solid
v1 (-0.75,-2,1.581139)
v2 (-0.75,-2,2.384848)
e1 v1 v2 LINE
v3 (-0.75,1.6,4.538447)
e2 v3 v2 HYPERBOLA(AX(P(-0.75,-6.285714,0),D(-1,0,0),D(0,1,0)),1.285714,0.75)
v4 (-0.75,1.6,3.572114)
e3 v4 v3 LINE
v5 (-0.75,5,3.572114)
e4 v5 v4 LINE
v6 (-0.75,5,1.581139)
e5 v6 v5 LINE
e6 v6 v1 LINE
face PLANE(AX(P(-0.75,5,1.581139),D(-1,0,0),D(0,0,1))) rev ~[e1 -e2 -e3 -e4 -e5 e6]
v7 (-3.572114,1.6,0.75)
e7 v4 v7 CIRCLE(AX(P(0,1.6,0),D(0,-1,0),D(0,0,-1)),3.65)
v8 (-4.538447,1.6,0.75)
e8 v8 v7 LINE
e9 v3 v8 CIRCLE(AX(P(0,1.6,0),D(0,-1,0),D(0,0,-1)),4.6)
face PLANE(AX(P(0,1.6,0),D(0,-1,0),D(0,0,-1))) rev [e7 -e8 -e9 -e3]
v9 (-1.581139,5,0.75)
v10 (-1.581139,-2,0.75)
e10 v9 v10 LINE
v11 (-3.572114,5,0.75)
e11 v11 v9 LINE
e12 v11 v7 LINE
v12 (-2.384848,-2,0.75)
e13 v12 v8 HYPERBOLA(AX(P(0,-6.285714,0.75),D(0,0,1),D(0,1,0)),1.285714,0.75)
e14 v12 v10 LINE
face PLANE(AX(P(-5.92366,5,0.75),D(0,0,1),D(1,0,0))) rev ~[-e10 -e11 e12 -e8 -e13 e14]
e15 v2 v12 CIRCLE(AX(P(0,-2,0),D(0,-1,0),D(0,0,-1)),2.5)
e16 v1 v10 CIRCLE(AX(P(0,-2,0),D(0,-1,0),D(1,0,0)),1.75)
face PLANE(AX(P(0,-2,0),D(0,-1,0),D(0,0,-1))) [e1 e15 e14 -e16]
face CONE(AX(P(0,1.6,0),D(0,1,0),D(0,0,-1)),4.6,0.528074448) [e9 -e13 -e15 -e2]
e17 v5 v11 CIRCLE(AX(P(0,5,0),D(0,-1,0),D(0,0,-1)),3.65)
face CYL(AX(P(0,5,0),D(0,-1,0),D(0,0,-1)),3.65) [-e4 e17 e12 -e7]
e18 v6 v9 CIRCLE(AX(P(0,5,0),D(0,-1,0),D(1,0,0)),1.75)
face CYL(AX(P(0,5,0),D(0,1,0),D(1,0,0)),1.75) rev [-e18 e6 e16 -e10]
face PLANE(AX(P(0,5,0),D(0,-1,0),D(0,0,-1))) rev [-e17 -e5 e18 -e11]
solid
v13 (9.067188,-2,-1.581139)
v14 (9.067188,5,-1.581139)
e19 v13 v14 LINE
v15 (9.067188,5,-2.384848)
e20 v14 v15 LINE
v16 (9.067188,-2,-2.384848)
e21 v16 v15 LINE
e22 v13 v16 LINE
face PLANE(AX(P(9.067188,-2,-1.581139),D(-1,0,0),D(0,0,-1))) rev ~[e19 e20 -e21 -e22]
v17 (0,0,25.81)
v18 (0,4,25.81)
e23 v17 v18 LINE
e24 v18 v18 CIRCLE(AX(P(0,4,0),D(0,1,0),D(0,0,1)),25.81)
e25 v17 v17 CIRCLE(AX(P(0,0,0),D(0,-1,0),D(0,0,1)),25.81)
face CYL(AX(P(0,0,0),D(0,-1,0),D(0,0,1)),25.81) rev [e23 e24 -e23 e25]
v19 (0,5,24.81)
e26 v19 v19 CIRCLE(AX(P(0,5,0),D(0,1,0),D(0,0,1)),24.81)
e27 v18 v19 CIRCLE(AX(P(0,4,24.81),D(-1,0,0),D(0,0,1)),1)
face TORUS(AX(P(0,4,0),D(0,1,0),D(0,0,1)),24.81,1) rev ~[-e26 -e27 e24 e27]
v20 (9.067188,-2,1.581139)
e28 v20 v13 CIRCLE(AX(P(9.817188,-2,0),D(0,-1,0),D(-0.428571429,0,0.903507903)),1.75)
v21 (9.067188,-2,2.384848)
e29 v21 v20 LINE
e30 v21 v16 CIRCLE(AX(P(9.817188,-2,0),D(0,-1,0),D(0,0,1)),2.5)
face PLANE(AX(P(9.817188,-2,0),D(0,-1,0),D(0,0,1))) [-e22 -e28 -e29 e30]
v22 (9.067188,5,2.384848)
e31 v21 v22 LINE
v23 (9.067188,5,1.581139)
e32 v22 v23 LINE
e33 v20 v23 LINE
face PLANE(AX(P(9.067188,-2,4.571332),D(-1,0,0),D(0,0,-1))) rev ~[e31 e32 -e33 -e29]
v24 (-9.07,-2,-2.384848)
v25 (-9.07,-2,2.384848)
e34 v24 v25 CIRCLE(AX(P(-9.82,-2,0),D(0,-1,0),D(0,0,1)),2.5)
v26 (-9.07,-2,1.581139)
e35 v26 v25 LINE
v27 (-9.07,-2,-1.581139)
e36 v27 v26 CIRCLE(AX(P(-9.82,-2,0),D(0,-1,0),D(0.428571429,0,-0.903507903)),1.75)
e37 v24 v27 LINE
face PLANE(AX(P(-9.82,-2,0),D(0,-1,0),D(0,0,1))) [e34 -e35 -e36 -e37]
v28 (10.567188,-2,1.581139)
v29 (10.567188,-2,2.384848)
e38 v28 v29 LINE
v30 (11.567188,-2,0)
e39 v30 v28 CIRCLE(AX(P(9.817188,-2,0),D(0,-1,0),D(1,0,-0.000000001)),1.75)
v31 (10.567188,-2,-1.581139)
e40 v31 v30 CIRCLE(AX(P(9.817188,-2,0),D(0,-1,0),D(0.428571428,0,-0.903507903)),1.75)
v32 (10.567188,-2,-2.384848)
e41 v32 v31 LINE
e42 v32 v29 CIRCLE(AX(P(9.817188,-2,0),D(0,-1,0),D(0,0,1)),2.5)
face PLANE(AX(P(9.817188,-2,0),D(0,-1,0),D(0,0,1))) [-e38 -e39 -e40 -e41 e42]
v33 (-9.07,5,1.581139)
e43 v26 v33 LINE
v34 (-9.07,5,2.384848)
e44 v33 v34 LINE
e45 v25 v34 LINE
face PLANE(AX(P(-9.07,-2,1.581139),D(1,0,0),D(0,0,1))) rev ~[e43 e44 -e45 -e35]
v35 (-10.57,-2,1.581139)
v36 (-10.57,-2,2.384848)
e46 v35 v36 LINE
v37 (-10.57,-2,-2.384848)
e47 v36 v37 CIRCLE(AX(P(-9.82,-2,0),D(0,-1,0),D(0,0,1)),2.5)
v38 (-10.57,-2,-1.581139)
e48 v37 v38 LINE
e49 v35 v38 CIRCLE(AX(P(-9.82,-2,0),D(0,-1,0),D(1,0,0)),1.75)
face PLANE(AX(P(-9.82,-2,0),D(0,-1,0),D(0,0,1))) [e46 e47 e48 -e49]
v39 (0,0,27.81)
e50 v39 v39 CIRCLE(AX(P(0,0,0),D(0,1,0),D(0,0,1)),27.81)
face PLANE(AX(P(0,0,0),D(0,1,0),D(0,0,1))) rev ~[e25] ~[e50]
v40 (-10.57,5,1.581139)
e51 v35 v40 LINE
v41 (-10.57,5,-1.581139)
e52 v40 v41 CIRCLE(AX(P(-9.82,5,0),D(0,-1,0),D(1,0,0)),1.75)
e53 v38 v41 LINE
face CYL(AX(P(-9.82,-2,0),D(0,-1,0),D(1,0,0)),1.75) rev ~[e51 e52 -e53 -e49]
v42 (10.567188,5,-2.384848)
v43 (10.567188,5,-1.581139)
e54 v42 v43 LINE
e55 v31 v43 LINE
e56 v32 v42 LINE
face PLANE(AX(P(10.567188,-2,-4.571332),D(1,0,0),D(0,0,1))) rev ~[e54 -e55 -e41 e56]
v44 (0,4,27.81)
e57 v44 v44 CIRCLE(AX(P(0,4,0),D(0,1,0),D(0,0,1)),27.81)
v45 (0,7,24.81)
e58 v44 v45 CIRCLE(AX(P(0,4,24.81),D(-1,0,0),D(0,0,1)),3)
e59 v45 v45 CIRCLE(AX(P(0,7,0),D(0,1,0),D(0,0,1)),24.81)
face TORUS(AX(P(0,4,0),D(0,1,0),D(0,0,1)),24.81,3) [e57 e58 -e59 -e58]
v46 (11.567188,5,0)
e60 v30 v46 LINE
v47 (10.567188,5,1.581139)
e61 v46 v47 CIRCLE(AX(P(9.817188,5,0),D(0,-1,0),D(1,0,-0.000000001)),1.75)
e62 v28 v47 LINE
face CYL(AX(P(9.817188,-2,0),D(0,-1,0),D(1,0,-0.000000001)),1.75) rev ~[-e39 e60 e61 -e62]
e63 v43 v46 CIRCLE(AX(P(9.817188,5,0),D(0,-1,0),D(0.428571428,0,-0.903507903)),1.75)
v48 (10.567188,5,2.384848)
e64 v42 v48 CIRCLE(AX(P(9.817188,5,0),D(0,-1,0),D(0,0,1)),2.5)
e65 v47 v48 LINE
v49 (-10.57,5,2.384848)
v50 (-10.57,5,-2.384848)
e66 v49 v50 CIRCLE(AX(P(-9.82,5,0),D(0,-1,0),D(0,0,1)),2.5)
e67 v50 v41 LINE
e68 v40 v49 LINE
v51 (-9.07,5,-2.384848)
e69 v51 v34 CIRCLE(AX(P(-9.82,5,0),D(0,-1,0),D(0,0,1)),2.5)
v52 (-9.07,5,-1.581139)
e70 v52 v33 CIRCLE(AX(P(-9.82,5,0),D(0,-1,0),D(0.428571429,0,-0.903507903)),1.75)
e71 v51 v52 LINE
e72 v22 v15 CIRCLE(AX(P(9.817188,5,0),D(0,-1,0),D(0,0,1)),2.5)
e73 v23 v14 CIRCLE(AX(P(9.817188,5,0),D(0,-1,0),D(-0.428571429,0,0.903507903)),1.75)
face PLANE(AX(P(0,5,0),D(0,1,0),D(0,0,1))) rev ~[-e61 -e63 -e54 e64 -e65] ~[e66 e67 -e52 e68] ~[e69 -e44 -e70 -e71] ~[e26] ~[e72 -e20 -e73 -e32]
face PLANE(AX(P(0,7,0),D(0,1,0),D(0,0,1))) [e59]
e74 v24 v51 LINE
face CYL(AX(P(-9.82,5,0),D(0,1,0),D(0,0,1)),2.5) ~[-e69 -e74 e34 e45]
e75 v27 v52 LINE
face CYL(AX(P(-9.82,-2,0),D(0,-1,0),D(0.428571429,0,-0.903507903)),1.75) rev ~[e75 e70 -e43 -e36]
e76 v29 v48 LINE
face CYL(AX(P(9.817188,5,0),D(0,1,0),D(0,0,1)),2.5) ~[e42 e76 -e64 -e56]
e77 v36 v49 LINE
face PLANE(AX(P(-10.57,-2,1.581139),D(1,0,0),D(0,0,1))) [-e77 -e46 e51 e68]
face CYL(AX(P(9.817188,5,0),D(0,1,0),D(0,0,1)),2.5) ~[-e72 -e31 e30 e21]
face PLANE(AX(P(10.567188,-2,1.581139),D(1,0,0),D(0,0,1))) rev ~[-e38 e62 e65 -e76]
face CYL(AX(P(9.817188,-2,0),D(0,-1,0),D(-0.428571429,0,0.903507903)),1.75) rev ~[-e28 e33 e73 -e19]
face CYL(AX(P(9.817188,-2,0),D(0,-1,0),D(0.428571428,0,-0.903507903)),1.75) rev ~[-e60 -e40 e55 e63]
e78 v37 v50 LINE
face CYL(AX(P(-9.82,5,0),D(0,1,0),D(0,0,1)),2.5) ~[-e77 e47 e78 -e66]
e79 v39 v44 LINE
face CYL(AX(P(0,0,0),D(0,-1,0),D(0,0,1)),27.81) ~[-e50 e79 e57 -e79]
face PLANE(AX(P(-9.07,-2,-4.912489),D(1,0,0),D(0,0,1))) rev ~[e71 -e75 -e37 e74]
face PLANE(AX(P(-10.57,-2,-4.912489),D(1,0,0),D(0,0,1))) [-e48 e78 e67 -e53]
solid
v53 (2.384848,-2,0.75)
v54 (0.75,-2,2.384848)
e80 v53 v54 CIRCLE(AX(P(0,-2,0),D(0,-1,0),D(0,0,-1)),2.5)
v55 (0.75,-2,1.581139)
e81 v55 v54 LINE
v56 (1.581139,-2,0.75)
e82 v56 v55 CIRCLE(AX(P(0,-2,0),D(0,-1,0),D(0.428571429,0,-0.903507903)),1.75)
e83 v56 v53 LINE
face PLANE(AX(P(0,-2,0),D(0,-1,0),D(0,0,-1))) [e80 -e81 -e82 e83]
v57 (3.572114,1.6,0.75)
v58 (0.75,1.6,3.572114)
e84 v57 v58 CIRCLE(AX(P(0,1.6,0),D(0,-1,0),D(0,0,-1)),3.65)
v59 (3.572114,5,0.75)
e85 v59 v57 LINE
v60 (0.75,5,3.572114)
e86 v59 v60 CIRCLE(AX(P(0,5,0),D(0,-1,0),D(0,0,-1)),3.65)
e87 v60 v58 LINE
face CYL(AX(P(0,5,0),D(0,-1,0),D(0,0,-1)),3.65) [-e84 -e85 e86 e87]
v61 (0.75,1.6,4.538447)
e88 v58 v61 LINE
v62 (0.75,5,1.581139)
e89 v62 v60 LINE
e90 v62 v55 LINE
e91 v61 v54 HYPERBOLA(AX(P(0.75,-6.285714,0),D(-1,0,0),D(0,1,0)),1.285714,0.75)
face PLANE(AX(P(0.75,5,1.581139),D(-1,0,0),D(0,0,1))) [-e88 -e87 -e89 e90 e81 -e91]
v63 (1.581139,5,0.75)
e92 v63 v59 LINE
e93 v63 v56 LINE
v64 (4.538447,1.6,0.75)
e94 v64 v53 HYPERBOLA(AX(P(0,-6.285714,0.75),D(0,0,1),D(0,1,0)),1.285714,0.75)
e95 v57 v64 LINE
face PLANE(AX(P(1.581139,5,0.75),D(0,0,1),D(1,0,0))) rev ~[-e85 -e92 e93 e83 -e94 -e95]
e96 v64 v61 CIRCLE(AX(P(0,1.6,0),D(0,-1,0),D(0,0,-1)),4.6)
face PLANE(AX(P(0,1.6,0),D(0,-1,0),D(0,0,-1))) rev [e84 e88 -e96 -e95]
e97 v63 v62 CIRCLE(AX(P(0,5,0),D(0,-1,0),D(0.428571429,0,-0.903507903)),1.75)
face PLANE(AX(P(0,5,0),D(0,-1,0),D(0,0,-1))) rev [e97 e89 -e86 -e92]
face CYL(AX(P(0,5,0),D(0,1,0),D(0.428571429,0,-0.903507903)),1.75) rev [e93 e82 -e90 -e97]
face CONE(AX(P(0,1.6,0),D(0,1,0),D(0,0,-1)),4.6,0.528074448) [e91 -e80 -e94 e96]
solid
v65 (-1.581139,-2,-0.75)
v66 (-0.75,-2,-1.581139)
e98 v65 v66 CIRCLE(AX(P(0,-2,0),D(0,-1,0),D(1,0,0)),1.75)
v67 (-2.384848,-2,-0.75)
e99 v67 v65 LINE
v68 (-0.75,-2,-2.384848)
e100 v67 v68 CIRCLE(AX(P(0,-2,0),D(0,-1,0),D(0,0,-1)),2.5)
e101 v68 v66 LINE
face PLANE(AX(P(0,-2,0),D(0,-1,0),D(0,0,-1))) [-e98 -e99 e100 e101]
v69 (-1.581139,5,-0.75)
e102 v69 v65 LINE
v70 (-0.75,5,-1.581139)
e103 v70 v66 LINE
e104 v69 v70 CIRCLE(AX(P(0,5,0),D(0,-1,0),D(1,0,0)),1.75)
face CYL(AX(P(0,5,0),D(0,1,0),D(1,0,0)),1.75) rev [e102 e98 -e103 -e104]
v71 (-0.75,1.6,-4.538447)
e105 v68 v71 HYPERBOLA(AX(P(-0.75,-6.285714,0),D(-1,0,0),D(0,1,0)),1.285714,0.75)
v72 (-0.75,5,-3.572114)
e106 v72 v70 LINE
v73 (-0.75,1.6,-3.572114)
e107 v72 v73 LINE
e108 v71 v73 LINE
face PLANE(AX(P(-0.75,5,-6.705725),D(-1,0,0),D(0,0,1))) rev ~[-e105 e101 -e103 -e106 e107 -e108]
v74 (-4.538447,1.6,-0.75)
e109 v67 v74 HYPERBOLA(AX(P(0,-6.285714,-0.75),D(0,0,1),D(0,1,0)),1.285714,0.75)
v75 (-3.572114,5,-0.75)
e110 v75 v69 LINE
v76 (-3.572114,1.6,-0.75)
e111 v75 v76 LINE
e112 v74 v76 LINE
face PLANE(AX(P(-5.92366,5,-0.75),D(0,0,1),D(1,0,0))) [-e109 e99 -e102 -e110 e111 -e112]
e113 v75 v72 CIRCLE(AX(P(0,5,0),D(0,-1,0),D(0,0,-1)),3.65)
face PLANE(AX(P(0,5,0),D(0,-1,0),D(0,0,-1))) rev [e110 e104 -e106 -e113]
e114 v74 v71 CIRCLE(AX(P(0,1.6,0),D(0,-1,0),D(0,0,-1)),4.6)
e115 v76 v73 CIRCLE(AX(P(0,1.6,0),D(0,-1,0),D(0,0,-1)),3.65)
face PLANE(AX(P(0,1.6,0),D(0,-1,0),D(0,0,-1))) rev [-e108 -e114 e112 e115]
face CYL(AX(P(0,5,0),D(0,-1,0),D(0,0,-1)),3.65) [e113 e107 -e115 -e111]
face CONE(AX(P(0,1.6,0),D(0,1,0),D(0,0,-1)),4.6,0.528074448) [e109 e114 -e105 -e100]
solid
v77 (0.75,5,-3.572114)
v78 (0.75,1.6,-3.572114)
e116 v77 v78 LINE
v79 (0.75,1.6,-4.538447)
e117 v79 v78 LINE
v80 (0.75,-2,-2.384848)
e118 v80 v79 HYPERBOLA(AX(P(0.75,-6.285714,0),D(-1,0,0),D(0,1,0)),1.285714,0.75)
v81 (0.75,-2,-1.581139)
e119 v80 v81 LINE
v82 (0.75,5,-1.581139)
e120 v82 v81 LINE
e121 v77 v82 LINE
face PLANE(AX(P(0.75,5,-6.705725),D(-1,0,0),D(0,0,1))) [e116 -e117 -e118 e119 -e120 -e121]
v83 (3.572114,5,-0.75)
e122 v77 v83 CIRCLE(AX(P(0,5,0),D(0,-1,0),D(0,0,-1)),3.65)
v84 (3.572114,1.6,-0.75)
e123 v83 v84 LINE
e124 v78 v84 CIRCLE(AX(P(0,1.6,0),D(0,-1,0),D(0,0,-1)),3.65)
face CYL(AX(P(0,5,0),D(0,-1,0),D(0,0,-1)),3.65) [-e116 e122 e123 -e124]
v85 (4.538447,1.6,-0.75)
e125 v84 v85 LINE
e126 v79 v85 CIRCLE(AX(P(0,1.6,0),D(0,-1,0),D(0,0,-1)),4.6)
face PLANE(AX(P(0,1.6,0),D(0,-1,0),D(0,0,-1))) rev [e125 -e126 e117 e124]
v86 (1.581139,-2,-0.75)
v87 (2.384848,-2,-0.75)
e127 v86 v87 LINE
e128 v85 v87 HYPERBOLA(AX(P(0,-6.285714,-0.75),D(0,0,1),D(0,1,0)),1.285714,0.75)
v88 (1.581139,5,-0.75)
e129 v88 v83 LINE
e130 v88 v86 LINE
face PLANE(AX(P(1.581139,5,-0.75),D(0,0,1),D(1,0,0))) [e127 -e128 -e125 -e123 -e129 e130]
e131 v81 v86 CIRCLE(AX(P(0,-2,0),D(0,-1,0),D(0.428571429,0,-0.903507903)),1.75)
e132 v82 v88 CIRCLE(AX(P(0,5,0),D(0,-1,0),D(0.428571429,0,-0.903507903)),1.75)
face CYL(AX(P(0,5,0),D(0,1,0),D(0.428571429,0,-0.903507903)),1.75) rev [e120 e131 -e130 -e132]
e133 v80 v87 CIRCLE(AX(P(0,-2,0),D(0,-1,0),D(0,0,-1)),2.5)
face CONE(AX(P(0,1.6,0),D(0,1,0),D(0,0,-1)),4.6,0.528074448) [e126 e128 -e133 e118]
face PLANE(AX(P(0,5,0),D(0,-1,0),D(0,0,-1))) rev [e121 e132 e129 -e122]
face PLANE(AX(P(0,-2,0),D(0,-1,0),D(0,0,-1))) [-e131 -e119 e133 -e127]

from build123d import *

# Parameters (mm, degrees)
SKETCH1_R           = 27.81
BOSS_EXTRUDE1_DEPTH = 7
FILLET1_R           = 3
SHELL6_T            = -2
SKETCH6_R           = 2.5
BOSS_EXTRUDE5_DEPTH = 7
SKETCH9_R           = 1.75
SKETCH9_W           = 1.5
SKETCH9_H           = 9.824978118
CUT_EXTRUDE1_DEPTH  = 7
CUT_EXTRUDE2_DEPTH  = 7
CUT_EXTRUDE3_START  = -7
SKETCH12_R          = 1.75
SKETCH12_W          = 1.5
SKETCH12_H          = 13.411449206
SKETCH12_W_2        = 11.847320856
SKETCH12_H_2        = 1.5
CUT_EXTRUDE3_DEPTH  = 7


with BuildPart() as part:
    # Sketch1 → Boss-Extrude1 (new body)
    with BuildSketch(Plane(origin=(0, 0, 0), x_dir=(1, 0, 0), z_dir=(0, 1, 0))):
        with Locations(Location((0, 0, 0), (0, 0, 270))):
            Circle(SKETCH1_R)
    extrude(amount=BOSS_EXTRUDE1_DEPTH)

    # Fillet1
    fillet1_edges = [part.edges().sort_by_distance(p)[0] for p in [
        (0, 7, -27.81),
    ]]
    fillet(fillet1_edges, radius=FILLET1_R)

    # Shell6
    shell6_openings = [part.faces().sort_by_distance(p)[0] for p in [
        (0, 0, 0),
    ]]
    offset(amount=SHELL6_T, openings=shell6_openings, kind=Kind.INTERSECTION)

    # Sketch6 → Boss-Extrude5 (add)
    with BuildSketch(Plane.XZ.offset(-5)):
        with Locations(Location((9.817188382, 0, 0), (0, 0, 90))):
            Circle(SKETCH6_R)
        with Locations(Location((-9.82, 0, 0), (0, 0, 90))):
            Circle(SKETCH6_R)
    extrude(amount=BOSS_EXTRUDE5_DEPTH)

    # Sketch9 → Cut-Extrude1 (cut)
    with BuildSketch(Plane.XZ.offset(2)):
        with Locations((-9.82, 0)):
            Circle(SKETCH9_R)
        with Locations((-9.82, 0)):
            Rectangle(SKETCH9_W, SKETCH9_H)
    extrude(amount=-CUT_EXTRUDE1_DEPTH, mode=Mode.SUBTRACT)

    # Sketch10 → Cut-Extrude2 (cut)
    with BuildSketch(Plane.XZ.offset(2)):
        with BuildLine():
            Line((9.067188382, 4.571331513), (9.067188382, 2.384848004))
            ThreePointArc((9.067188382, 2.384848004), (9.817188382, 2.5), (10.567188382, 2.384848004))
            Line((10.567188382, 2.384848004), (10.567188382, 4.571331513))
            Line((10.567188382, 4.571331513), (9.067188382, 4.571331513))
        make_face()
        with BuildLine():
            ThreePointArc((9.067188382, -2.384848004), (9.817188382, -2.5), (10.567188382, -2.384848004))
            Line((10.567188382, -2.384848004), (10.567188382, -1.58113883))
            ThreePointArc((10.567188382, -1.58113883), (9.817188382, -1.75), (9.067188382, -1.58113883))
            Line((9.067188382, -1.58113883), (9.067188382, -2.384848004))
        make_face()
        with BuildLine():
            ThreePointArc((10.567188382, 2.384848004), (9.817188382, 2.5), (9.067188382, 2.384848004))
            Line((9.067188382, 2.384848004), (9.067188382, 1.58113883))
            ThreePointArc((9.067188382, 1.58113883), (9.817188382, 1.75), (10.567188382, 1.58113883))
            Line((10.567188382, 1.58113883), (10.567188382, 2.384848004))
        make_face()
        with BuildLine():
            ThreePointArc((9.067188382, -1.58113883), (9.817188382, -1.75), (10.567188382, -1.58113883))
            Line((10.567188382, -1.58113883), (10.567188382, 1.58113883))
            ThreePointArc((10.567188382, 1.58113883), (9.817188382, 1.75), (9.067188382, 1.58113883))
            Line((9.067188382, 1.58113883), (9.067188382, -1.58113883))
        make_face()
        with BuildLine():
            Line((9.067188382, -4.571331513), (10.567188382, -4.571331513))
            Line((10.567188382, -4.571331513), (10.567188382, -2.384848004))
            ThreePointArc((10.567188382, -2.384848004), (9.817188382, -2.5), (9.067188382, -2.384848004))
            Line((9.067188382, -2.384848004), (9.067188382, -4.571331513))
        make_face()
        with BuildLine():
            Line((10.567188382, 1.58113883), (10.567188382, -1.58113883))
            ThreePointArc((10.567188382, -1.58113883), (11.296208328, -0.935414347), (11.567188382, 0))
            ThreePointArc((11.567188382, 0), (11.296208328, 0.935414347), (10.567188382, 1.58113883))
        make_face()
        with BuildLine():
            ThreePointArc((9.067188382, 1.58113883), (8.067188382, 0), (9.067188382, -1.58113883))
            Line((9.067188382, -1.58113883), (9.067188382, 1.58113883))
        make_face()
    extrude(amount=-CUT_EXTRUDE2_DEPTH, mode=Mode.SUBTRACT)


with BuildPart() as body_2:
    # Sketch4 → Revolve1 (revolve)
    with BuildSketch(Plane.XY, mode=Mode.PRIVATE) as revolve1_sk:
        Polygon((3.65, 7), (3.65, 3.6), (4.6, 3.6), (2.5, 0), (1.5, 0), (1.5, 7), align=None)
    revolve(revolve1_sk.sketch.rotate(Axis((0, 7.379912855, 0), (0, -1, 0)), 270), axis=Axis((0, 7.379912855, 0), (0, -1, 0)))


with BuildPart() as body_2_1:
    # Body-Move/Copy1: moved
    add(body_2.part.moved(Location((0, -2, 0))))

    # Sketch12 → Cut-Extrude3 (cut)
    with BuildSketch(Plane.XZ.offset(2).offset(CUT_EXTRUDE3_START)):
        Circle(SKETCH12_R)
        Rectangle(SKETCH12_W, SKETCH12_H)
        Rectangle(SKETCH12_W_2, SKETCH12_H_2)
    extrude(amount=CUT_EXTRUDE3_DEPTH, mode=Mode.SUBTRACT)


with BuildPart() as cut_extrude3_piece_1:
    # of the separate pieces the step leaves, piece 1, a body of its own (cut_extrude3_pieces)
    add(body_2_1.part.solids().sort_by_distance((3.57211422, 5, 0.75))[0])


with BuildPart() as cut_extrude3_piece_2:
    # of the separate pieces the step leaves, piece 2, a body of its own (cut_extrude3_pieces)
    add(body_2_1.part.solids().sort_by_distance((-3.57211422, 5, 0.75))[0])


with BuildPart() as cut_extrude3_piece_3:
    # of the separate pieces the step leaves, piece 3, a body of its own (cut_extrude3_pieces)
    add(body_2_1.part.solids().sort_by_distance((0.75, 5, -3.57211422))[0])


with BuildPart() as cut_extrude3_piece_4:
    # of the separate pieces the step leaves, piece 4, a body of its own (cut_extrude3_pieces)
    add(body_2_1.part.solids().sort_by_distance((-3.57211422, 5, -0.75))[0])


solid = Compound([part.part, cut_extrude3_piece_1.part, cut_extrude3_piece_2.part, cut_extrude3_piece_3.part, cut_extrude3_piece_4.part])
